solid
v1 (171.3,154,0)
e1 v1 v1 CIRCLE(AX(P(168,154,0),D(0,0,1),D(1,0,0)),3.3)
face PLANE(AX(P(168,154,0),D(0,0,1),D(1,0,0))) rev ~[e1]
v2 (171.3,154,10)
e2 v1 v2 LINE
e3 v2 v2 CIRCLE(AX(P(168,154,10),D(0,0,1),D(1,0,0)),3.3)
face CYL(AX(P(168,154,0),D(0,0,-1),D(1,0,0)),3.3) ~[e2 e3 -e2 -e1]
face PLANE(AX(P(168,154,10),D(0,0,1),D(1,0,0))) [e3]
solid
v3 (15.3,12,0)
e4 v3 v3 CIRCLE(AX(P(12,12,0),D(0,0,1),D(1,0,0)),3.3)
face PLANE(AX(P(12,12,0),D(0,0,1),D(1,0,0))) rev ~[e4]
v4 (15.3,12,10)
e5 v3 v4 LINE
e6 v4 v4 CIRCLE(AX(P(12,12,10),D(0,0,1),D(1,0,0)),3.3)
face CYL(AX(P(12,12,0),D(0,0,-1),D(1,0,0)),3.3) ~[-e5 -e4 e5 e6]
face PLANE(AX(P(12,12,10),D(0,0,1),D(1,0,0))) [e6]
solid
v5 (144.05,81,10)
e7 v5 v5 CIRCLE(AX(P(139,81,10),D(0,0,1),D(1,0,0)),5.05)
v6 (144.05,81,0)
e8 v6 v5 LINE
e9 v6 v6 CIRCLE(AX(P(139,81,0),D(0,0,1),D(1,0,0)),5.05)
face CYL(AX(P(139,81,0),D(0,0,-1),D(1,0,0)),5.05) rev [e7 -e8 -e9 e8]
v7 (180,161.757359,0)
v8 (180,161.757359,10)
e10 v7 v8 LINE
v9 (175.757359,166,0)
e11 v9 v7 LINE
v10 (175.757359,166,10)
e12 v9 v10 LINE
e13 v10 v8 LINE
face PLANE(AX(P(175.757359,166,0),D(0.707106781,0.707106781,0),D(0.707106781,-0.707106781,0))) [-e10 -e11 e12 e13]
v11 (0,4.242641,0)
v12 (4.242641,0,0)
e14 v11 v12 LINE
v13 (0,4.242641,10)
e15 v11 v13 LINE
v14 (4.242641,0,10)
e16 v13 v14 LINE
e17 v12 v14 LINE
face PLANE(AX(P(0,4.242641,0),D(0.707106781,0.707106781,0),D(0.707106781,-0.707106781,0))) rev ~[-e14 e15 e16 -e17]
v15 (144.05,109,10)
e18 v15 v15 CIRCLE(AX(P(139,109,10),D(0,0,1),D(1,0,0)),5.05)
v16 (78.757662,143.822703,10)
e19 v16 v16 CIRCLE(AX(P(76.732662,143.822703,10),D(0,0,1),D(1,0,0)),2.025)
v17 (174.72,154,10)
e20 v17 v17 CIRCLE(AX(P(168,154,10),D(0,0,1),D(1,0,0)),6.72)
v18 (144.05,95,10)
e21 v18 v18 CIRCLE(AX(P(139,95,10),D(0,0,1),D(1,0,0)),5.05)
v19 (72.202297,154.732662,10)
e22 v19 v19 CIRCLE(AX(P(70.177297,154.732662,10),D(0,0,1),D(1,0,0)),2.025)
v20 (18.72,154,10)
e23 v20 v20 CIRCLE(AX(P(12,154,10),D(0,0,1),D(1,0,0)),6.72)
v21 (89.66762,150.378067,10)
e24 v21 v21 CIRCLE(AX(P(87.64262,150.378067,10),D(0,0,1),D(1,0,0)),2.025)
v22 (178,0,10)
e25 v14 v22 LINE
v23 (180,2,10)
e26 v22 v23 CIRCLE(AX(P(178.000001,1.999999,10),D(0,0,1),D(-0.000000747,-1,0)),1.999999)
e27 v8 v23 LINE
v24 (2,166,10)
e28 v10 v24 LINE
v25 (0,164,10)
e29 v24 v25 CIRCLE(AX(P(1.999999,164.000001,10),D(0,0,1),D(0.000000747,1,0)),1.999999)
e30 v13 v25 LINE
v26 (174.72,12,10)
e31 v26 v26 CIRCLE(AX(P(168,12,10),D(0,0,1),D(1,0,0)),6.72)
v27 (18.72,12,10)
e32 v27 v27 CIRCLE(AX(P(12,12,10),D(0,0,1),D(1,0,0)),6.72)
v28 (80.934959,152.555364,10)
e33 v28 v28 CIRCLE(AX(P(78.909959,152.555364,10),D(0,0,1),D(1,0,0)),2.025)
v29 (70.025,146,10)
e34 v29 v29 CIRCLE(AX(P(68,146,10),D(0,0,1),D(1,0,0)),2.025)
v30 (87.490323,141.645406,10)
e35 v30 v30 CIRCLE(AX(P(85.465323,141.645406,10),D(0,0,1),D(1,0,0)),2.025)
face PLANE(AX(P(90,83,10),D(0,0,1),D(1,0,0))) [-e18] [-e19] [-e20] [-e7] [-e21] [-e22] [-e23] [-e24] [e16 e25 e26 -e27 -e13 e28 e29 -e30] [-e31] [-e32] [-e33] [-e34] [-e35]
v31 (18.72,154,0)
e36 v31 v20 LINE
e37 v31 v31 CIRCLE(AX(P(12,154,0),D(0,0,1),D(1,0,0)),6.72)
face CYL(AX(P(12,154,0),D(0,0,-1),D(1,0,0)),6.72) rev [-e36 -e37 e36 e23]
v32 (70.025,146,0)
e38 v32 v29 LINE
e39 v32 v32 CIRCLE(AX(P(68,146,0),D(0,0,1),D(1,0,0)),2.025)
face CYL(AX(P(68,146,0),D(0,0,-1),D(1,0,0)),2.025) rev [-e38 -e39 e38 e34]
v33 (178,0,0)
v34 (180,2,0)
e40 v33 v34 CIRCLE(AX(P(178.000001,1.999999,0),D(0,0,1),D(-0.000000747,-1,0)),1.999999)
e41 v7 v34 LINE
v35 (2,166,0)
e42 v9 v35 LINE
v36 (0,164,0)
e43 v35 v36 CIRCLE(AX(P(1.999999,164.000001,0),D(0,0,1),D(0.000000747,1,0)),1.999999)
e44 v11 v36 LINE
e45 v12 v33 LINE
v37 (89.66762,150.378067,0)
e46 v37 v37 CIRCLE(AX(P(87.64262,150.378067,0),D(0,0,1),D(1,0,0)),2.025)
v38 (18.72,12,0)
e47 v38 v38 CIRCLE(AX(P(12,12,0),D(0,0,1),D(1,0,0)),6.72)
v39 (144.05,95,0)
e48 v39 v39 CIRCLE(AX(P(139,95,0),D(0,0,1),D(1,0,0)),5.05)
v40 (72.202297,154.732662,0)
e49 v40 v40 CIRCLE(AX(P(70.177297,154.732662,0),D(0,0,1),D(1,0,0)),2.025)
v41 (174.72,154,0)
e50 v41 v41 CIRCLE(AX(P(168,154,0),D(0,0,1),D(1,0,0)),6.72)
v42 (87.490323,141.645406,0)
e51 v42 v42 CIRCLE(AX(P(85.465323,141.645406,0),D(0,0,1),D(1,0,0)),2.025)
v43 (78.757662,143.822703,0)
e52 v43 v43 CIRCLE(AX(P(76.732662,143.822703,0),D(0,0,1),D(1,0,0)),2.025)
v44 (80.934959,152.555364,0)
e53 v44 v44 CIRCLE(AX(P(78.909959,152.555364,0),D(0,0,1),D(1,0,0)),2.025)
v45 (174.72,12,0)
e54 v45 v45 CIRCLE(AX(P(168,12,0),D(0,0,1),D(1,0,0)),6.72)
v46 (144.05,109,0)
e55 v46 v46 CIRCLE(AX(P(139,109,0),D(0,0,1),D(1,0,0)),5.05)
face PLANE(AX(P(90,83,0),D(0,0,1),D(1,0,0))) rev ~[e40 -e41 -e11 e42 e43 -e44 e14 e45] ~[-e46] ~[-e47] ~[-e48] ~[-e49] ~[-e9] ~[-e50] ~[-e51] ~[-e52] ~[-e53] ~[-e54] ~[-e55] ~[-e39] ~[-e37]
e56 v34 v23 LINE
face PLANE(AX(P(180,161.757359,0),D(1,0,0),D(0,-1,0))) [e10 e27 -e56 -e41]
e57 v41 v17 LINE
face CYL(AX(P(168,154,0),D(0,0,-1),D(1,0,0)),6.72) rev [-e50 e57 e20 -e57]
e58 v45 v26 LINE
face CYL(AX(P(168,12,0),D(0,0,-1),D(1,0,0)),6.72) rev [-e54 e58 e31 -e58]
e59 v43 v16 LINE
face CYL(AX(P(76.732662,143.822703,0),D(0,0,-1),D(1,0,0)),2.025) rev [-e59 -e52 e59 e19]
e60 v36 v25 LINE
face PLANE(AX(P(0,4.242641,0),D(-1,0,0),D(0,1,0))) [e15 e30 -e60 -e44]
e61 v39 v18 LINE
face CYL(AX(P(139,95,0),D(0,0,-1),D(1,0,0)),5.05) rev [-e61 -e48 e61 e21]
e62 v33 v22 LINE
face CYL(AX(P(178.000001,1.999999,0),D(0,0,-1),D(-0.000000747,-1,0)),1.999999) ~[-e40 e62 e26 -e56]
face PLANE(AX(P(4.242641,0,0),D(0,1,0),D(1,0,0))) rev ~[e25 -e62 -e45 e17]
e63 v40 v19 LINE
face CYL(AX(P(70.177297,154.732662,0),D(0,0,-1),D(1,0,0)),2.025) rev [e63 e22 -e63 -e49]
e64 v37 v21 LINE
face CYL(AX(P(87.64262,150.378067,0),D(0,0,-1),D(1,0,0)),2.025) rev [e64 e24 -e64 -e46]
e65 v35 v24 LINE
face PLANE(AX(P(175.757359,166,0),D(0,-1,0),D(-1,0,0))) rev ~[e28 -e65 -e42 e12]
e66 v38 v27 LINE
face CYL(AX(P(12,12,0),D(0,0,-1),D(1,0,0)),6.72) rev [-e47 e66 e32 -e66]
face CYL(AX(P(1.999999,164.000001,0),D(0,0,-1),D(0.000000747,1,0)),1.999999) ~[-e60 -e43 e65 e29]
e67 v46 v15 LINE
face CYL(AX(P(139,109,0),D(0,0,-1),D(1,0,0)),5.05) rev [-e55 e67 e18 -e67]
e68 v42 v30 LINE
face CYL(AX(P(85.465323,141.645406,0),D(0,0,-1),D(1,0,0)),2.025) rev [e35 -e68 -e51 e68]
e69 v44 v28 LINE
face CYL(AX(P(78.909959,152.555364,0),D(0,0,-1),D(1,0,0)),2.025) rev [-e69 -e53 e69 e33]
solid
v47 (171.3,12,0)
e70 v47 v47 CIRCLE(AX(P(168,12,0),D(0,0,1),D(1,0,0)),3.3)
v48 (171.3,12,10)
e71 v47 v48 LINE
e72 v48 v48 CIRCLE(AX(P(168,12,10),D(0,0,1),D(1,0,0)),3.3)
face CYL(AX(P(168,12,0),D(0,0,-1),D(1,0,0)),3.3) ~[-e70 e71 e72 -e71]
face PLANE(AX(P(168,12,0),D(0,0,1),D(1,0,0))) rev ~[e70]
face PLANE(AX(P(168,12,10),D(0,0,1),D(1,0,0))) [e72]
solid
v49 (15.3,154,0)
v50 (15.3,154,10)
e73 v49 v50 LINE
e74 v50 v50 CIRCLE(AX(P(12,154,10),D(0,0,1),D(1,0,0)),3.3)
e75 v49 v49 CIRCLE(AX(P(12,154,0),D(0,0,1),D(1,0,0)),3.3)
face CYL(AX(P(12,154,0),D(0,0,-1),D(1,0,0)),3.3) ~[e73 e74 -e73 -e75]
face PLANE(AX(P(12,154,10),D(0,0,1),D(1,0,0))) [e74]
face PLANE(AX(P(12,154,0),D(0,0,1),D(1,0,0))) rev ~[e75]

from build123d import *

# Parameters (mm, degrees)
SKETCH_R      = 6.72
SKETCH_R_2    = 5.05
SKETCH_R_3    = 2.025
SKETCH_R_4    = 3.3
EXTRUDE_DEPTH = 10


with BuildPart() as part:
    # Sketch → Extrude (new body)
    with BuildSketch(Plane.XY):
        with BuildLine():
            ThreePointArc((2, 166), (0.585786, 165.414214), (0, 164))
            Line((0, 4.242641), (0, 164))
            Line((0, 4.242641), (4.242641, 0))
            Line((4.242641, 0), (178, 0))
            ThreePointArc((178, 0), (179.414214, 0.585786), (180, 2))
            Line((180, 161.757359), (180, 2))
            Line((175.757359, 166), (180, 161.757359))
            Line((175.757359, 166), (2, 166))
        make_face()
        with Locations((12, 154)):
            Circle(SKETCH_R, mode=Mode.SUBTRACT)
        with Locations((168, 154)):
            Circle(SKETCH_R, mode=Mode.SUBTRACT)
        with Locations((168, 12)):
            Circle(SKETCH_R, mode=Mode.SUBTRACT)
        with Locations((12, 12)):
            Circle(SKETCH_R, mode=Mode.SUBTRACT)
        with Locations((139, 109)):
            Circle(SKETCH_R_2, mode=Mode.SUBTRACT)
        with Locations((139, 95)):
            Circle(SKETCH_R_2, mode=Mode.SUBTRACT)
        with Locations((139, 81)):
            Circle(SKETCH_R_2, mode=Mode.SUBTRACT)
        with Locations((70.177297, 154.732662)):
            Circle(SKETCH_R_3, mode=Mode.SUBTRACT)
        with Locations((78.909959, 152.555364)):
            Circle(SKETCH_R_3, mode=Mode.SUBTRACT)
        with Locations((87.64262, 150.378067)):
            Circle(SKETCH_R_3, mode=Mode.SUBTRACT)
        with Locations((68, 146)):
            Circle(SKETCH_R_3, mode=Mode.SUBTRACT)
        with Locations((76.732662, 143.822703)):
            Circle(SKETCH_R_3, mode=Mode.SUBTRACT)
        with Locations((85.465323, 141.645406)):
            Circle(SKETCH_R_3, mode=Mode.SUBTRACT)
        with Locations((12, 154)):
            Circle(SKETCH_R_4)
        with Locations((168, 154)):
            Circle(SKETCH_R_4)
        with Locations((168, 12)):
            Circle(SKETCH_R_4)
        with Locations((12, 12)):
            Circle(SKETCH_R_4)
    extrude(amount=EXTRUDE_DEPTH)


solid = part.part
